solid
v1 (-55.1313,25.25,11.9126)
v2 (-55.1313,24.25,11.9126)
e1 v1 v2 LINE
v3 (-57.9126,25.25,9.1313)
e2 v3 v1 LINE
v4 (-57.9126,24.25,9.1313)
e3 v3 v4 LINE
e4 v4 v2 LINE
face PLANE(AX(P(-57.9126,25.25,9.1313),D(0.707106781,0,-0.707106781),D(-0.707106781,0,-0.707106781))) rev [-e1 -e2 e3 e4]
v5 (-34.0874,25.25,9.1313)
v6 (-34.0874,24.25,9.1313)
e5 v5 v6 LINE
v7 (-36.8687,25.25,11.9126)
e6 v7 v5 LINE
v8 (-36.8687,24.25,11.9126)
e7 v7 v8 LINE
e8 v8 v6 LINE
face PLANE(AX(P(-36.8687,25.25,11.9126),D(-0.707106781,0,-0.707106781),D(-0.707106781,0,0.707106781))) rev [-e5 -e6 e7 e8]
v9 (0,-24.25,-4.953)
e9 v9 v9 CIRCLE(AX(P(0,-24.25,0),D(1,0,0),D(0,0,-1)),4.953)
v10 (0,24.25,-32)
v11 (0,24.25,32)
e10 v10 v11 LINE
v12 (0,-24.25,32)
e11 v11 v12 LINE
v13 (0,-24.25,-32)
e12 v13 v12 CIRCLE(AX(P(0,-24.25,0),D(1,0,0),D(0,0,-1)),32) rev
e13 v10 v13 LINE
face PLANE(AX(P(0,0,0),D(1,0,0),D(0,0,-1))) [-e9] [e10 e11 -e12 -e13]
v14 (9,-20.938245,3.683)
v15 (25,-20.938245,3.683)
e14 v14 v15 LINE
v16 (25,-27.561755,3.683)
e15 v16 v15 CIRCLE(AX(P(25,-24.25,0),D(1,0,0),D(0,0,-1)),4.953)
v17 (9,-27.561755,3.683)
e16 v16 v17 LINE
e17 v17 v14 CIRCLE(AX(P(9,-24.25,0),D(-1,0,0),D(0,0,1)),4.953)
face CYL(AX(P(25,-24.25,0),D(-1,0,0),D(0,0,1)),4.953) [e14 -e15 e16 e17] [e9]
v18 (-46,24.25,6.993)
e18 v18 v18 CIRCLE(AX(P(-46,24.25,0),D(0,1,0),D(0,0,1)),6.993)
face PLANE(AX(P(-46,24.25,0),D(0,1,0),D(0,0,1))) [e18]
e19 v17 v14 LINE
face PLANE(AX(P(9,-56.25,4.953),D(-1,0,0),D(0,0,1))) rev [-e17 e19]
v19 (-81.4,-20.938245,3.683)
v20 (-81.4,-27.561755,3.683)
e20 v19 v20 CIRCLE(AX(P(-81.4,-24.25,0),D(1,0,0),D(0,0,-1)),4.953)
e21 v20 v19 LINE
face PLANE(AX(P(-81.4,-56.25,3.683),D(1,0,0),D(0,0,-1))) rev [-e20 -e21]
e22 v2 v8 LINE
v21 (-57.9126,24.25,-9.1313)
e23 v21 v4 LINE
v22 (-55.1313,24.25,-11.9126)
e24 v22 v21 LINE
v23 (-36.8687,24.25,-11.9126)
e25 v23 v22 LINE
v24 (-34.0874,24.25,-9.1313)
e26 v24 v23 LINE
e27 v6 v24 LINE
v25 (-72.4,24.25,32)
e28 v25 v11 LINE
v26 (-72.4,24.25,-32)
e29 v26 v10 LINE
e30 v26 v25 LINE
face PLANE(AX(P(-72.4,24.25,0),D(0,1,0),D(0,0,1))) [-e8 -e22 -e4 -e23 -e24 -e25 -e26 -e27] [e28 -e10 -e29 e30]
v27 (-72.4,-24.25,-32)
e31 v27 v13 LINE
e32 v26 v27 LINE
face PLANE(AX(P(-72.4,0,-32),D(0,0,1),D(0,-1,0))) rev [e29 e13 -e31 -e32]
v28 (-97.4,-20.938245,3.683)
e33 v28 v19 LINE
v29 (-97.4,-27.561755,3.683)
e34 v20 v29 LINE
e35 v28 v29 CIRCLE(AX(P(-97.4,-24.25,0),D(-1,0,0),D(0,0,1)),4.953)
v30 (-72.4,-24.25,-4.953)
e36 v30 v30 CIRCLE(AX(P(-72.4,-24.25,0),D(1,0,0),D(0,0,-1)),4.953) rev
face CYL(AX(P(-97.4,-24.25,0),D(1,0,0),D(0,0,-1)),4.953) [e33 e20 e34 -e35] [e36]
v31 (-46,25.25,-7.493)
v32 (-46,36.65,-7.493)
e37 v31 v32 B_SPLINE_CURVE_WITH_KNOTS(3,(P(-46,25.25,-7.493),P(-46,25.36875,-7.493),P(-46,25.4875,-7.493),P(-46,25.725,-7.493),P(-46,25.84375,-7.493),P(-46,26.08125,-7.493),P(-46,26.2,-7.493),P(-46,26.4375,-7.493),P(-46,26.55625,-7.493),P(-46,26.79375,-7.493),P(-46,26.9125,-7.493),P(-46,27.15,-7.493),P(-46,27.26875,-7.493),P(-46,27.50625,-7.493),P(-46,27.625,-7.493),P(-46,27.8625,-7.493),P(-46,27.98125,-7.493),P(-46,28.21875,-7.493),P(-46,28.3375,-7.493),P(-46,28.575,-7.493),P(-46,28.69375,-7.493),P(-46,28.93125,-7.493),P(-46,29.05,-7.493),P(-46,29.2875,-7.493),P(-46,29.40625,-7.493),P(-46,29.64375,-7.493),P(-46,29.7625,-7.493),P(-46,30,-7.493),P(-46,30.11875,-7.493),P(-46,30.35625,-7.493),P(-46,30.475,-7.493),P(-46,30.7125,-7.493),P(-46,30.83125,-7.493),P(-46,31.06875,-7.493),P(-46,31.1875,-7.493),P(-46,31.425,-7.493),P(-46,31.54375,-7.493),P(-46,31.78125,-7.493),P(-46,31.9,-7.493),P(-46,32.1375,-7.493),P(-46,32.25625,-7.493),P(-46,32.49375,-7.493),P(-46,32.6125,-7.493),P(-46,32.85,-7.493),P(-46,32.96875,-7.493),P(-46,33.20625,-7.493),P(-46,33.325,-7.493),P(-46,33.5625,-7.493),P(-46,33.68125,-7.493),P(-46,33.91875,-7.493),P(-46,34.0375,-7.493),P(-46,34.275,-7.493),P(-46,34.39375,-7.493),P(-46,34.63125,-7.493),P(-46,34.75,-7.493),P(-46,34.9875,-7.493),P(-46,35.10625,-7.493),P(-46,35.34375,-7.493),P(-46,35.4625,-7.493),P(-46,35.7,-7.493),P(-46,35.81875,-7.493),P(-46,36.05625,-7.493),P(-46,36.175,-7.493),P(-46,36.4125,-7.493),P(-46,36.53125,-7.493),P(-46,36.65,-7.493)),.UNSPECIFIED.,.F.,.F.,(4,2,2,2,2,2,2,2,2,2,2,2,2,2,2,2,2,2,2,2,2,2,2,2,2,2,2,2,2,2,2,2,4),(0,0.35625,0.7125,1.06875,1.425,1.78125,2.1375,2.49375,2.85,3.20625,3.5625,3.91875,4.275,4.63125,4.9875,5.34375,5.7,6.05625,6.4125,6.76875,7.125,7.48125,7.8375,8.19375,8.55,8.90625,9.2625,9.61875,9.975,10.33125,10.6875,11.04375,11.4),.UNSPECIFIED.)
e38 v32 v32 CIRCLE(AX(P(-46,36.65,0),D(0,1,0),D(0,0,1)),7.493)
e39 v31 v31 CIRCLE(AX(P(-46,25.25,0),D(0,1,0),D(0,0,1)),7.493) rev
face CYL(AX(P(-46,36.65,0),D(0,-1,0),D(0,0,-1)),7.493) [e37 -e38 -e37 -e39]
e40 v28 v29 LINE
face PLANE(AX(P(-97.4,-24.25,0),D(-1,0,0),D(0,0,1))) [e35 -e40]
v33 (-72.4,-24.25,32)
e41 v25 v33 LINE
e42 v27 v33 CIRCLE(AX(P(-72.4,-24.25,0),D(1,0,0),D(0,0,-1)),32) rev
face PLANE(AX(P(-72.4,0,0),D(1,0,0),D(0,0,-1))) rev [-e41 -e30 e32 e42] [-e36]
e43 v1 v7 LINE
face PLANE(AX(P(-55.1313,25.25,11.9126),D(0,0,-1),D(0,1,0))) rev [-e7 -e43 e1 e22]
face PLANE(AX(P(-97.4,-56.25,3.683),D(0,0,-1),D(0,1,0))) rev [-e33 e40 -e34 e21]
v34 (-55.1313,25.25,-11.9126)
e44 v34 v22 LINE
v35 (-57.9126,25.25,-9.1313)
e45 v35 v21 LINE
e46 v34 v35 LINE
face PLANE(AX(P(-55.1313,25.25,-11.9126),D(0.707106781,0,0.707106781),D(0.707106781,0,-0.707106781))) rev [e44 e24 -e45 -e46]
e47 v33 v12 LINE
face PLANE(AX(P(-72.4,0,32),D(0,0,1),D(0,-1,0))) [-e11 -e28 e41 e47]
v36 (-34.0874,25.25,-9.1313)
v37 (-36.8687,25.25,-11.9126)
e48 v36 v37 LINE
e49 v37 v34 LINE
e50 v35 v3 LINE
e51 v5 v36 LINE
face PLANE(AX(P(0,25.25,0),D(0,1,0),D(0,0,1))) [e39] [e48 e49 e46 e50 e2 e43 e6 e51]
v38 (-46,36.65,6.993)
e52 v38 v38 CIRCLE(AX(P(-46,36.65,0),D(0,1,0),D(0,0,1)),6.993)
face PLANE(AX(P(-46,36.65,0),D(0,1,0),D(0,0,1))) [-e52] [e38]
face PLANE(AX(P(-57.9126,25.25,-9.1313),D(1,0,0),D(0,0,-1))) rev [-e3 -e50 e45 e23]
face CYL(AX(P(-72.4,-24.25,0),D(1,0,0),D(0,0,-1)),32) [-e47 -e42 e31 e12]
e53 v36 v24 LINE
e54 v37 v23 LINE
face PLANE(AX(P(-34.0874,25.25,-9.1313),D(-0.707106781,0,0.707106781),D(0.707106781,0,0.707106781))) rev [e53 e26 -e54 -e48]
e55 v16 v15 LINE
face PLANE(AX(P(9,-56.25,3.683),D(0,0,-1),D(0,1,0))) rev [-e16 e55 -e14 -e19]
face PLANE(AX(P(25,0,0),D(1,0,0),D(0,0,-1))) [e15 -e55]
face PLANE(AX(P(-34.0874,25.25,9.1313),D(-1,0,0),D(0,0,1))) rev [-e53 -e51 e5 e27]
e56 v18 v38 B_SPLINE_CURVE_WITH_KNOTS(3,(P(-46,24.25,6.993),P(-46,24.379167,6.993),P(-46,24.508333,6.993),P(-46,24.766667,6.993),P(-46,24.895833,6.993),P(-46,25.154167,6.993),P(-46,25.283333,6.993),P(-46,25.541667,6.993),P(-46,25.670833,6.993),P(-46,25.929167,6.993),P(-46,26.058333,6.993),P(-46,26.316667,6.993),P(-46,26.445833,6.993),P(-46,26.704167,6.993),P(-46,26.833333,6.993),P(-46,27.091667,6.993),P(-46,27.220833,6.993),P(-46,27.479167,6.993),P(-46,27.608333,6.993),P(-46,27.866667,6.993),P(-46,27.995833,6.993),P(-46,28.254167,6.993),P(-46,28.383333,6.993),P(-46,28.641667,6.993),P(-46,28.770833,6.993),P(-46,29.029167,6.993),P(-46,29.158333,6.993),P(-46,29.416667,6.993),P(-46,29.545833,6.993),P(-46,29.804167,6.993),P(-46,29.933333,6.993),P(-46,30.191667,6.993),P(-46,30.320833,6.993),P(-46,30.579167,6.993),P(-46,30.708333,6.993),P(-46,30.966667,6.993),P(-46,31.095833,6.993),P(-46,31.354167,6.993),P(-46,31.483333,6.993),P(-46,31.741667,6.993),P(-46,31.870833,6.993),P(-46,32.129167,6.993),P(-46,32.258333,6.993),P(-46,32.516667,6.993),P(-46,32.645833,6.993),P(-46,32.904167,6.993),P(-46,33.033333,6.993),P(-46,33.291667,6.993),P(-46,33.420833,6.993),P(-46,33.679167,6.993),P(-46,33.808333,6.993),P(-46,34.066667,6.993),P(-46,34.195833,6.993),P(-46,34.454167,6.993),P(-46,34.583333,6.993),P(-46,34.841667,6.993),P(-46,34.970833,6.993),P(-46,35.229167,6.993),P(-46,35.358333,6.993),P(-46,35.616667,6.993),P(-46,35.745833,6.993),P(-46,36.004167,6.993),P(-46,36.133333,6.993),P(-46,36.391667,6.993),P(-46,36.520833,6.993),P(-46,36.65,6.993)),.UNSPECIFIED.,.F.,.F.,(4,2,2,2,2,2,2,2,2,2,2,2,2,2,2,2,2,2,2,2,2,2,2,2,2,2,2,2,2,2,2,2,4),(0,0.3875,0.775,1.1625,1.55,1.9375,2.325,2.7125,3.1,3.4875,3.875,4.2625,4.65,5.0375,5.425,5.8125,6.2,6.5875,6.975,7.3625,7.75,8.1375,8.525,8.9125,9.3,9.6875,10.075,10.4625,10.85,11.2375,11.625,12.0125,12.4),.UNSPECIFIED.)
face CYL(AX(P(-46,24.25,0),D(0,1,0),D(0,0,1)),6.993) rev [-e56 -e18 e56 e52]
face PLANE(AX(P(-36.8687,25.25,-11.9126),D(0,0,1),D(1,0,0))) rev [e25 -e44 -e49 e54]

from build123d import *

# Parameters (mm, degrees)
BOSS_EXTRUDE1_DEPTH     = 72.4
BOSS_EXTRUDE3_DEPTH     = 1
SKETCH3_4_R             = 7.493
BOSS_EXTRUDE4_DEPTH     = 12.4
SKETCH6_R               = 6.993
CUT_EXTRUDE1_DEPTH      = 12.4
SKETCH2_3_R             = 4.953
BOSS_EXTRUDE5_DEPTH     = 25
BOSS_EXTRUDE6_START     = 25
SKETCH7_R               = 4.953
BOSS_EXTRUDE6_DEPTH     = 25
CUT_EXTRUDE2_DEPTH      = 120.245838502
CUT_EXTRUDE2_DEPTH_BACK = 120.245838502
SKETCH8_W               = 16
SKETCH8_H               = 1.27


with BuildPart() as part:
    # Sketch2 → Boss-Extrude1 (new body)
    with BuildSketch(Plane(origin=(0, 0, 0), x_dir=(0, 0, -1), z_dir=(1, 0, 0))):
        with BuildLine():
            Line((32, -24.25), (32, 24.25))
            Line((32, 24.25), (-32, 24.25))
            Line((-32, 24.25), (-32, -24.25))
            ThreePointArc((-32, -24.25), (0, -56.25), (32, -24.25))
        make_face()
    extrude(amount=-BOSS_EXTRUDE1_DEPTH)

    # Sketch3 → Boss-Extrude3 (add)
    with BuildSketch(Plane(origin=(0, 24.25, 0), x_dir=(1, 0, 0), z_dir=(0, 1, 0))):
        Polygon((-57.9126, -9.1313), (-55.1313, -11.9126), (-36.8687, -11.9126), (-34.0874, -9.1313), (-34.0874, 9.1313), (-36.8687, 11.9126), (-55.1313, 11.9126), (-57.9126, 9.1313), align=None)
    extrude(amount=BOSS_EXTRUDE3_DEPTH)

    # Sketch3<4> → Boss-Extrude4 (add)
    with BuildSketch(Plane(origin=(0, 24.25, 0), x_dir=(1, 0, 0), z_dir=(0, 1, 0))):
        with Locations((-46, 0)):
            Circle(SKETCH3_4_R)
    extrude(amount=BOSS_EXTRUDE4_DEPTH)

    # Sketch6 → Cut-Extrude1 (cut)
    with BuildSketch(Plane(origin=(0, 36.65, 0), x_dir=(1, 0, 0), z_dir=(0, 1, 0))):
        with Locations((-46, 0)):
            Circle(SKETCH6_R)
    extrude(amount=-CUT_EXTRUDE1_DEPTH, mode=Mode.SUBTRACT)

    # Sketch2<3> → Boss-Extrude5 (add)
    with BuildSketch(Plane(origin=(0, 0, 0), x_dir=(0, 0, -1), z_dir=(1, 0, 0))):
        with Locations((0, -24.25)):
            Circle(SKETCH2_3_R)
    extrude(amount=BOSS_EXTRUDE5_DEPTH)

    # Sketch7 → Boss-Extrude6 (add)
    with BuildSketch(Plane.ZY.offset(72.4).offset(BOSS_EXTRUDE6_START)):
        with Locations((0, -24.25)):
            Circle(SKETCH7_R)
    extrude(amount=-BOSS_EXTRUDE6_DEPTH)

    # Sketch8 → Cut-Extrude2 (cut, two sides: drawn at the far end of the back side and taken through both)
    with BuildSketch(Plane(origin=(0, -24.25, 0), x_dir=(1, 0, 0), z_dir=(0, 1, 0)).offset(-CUT_EXTRUDE2_DEPTH_BACK)):
        with Locations((17, -4.318)):
            Rectangle(SKETCH8_W, SKETCH8_H)
        with Locations((-89.4, -4.318)):
            Rectangle(SKETCH8_W, SKETCH8_H)
    extrude(amount=CUT_EXTRUDE2_DEPTH + CUT_EXTRUDE2_DEPTH_BACK, mode=Mode.SUBTRACT)


solid = part.part
